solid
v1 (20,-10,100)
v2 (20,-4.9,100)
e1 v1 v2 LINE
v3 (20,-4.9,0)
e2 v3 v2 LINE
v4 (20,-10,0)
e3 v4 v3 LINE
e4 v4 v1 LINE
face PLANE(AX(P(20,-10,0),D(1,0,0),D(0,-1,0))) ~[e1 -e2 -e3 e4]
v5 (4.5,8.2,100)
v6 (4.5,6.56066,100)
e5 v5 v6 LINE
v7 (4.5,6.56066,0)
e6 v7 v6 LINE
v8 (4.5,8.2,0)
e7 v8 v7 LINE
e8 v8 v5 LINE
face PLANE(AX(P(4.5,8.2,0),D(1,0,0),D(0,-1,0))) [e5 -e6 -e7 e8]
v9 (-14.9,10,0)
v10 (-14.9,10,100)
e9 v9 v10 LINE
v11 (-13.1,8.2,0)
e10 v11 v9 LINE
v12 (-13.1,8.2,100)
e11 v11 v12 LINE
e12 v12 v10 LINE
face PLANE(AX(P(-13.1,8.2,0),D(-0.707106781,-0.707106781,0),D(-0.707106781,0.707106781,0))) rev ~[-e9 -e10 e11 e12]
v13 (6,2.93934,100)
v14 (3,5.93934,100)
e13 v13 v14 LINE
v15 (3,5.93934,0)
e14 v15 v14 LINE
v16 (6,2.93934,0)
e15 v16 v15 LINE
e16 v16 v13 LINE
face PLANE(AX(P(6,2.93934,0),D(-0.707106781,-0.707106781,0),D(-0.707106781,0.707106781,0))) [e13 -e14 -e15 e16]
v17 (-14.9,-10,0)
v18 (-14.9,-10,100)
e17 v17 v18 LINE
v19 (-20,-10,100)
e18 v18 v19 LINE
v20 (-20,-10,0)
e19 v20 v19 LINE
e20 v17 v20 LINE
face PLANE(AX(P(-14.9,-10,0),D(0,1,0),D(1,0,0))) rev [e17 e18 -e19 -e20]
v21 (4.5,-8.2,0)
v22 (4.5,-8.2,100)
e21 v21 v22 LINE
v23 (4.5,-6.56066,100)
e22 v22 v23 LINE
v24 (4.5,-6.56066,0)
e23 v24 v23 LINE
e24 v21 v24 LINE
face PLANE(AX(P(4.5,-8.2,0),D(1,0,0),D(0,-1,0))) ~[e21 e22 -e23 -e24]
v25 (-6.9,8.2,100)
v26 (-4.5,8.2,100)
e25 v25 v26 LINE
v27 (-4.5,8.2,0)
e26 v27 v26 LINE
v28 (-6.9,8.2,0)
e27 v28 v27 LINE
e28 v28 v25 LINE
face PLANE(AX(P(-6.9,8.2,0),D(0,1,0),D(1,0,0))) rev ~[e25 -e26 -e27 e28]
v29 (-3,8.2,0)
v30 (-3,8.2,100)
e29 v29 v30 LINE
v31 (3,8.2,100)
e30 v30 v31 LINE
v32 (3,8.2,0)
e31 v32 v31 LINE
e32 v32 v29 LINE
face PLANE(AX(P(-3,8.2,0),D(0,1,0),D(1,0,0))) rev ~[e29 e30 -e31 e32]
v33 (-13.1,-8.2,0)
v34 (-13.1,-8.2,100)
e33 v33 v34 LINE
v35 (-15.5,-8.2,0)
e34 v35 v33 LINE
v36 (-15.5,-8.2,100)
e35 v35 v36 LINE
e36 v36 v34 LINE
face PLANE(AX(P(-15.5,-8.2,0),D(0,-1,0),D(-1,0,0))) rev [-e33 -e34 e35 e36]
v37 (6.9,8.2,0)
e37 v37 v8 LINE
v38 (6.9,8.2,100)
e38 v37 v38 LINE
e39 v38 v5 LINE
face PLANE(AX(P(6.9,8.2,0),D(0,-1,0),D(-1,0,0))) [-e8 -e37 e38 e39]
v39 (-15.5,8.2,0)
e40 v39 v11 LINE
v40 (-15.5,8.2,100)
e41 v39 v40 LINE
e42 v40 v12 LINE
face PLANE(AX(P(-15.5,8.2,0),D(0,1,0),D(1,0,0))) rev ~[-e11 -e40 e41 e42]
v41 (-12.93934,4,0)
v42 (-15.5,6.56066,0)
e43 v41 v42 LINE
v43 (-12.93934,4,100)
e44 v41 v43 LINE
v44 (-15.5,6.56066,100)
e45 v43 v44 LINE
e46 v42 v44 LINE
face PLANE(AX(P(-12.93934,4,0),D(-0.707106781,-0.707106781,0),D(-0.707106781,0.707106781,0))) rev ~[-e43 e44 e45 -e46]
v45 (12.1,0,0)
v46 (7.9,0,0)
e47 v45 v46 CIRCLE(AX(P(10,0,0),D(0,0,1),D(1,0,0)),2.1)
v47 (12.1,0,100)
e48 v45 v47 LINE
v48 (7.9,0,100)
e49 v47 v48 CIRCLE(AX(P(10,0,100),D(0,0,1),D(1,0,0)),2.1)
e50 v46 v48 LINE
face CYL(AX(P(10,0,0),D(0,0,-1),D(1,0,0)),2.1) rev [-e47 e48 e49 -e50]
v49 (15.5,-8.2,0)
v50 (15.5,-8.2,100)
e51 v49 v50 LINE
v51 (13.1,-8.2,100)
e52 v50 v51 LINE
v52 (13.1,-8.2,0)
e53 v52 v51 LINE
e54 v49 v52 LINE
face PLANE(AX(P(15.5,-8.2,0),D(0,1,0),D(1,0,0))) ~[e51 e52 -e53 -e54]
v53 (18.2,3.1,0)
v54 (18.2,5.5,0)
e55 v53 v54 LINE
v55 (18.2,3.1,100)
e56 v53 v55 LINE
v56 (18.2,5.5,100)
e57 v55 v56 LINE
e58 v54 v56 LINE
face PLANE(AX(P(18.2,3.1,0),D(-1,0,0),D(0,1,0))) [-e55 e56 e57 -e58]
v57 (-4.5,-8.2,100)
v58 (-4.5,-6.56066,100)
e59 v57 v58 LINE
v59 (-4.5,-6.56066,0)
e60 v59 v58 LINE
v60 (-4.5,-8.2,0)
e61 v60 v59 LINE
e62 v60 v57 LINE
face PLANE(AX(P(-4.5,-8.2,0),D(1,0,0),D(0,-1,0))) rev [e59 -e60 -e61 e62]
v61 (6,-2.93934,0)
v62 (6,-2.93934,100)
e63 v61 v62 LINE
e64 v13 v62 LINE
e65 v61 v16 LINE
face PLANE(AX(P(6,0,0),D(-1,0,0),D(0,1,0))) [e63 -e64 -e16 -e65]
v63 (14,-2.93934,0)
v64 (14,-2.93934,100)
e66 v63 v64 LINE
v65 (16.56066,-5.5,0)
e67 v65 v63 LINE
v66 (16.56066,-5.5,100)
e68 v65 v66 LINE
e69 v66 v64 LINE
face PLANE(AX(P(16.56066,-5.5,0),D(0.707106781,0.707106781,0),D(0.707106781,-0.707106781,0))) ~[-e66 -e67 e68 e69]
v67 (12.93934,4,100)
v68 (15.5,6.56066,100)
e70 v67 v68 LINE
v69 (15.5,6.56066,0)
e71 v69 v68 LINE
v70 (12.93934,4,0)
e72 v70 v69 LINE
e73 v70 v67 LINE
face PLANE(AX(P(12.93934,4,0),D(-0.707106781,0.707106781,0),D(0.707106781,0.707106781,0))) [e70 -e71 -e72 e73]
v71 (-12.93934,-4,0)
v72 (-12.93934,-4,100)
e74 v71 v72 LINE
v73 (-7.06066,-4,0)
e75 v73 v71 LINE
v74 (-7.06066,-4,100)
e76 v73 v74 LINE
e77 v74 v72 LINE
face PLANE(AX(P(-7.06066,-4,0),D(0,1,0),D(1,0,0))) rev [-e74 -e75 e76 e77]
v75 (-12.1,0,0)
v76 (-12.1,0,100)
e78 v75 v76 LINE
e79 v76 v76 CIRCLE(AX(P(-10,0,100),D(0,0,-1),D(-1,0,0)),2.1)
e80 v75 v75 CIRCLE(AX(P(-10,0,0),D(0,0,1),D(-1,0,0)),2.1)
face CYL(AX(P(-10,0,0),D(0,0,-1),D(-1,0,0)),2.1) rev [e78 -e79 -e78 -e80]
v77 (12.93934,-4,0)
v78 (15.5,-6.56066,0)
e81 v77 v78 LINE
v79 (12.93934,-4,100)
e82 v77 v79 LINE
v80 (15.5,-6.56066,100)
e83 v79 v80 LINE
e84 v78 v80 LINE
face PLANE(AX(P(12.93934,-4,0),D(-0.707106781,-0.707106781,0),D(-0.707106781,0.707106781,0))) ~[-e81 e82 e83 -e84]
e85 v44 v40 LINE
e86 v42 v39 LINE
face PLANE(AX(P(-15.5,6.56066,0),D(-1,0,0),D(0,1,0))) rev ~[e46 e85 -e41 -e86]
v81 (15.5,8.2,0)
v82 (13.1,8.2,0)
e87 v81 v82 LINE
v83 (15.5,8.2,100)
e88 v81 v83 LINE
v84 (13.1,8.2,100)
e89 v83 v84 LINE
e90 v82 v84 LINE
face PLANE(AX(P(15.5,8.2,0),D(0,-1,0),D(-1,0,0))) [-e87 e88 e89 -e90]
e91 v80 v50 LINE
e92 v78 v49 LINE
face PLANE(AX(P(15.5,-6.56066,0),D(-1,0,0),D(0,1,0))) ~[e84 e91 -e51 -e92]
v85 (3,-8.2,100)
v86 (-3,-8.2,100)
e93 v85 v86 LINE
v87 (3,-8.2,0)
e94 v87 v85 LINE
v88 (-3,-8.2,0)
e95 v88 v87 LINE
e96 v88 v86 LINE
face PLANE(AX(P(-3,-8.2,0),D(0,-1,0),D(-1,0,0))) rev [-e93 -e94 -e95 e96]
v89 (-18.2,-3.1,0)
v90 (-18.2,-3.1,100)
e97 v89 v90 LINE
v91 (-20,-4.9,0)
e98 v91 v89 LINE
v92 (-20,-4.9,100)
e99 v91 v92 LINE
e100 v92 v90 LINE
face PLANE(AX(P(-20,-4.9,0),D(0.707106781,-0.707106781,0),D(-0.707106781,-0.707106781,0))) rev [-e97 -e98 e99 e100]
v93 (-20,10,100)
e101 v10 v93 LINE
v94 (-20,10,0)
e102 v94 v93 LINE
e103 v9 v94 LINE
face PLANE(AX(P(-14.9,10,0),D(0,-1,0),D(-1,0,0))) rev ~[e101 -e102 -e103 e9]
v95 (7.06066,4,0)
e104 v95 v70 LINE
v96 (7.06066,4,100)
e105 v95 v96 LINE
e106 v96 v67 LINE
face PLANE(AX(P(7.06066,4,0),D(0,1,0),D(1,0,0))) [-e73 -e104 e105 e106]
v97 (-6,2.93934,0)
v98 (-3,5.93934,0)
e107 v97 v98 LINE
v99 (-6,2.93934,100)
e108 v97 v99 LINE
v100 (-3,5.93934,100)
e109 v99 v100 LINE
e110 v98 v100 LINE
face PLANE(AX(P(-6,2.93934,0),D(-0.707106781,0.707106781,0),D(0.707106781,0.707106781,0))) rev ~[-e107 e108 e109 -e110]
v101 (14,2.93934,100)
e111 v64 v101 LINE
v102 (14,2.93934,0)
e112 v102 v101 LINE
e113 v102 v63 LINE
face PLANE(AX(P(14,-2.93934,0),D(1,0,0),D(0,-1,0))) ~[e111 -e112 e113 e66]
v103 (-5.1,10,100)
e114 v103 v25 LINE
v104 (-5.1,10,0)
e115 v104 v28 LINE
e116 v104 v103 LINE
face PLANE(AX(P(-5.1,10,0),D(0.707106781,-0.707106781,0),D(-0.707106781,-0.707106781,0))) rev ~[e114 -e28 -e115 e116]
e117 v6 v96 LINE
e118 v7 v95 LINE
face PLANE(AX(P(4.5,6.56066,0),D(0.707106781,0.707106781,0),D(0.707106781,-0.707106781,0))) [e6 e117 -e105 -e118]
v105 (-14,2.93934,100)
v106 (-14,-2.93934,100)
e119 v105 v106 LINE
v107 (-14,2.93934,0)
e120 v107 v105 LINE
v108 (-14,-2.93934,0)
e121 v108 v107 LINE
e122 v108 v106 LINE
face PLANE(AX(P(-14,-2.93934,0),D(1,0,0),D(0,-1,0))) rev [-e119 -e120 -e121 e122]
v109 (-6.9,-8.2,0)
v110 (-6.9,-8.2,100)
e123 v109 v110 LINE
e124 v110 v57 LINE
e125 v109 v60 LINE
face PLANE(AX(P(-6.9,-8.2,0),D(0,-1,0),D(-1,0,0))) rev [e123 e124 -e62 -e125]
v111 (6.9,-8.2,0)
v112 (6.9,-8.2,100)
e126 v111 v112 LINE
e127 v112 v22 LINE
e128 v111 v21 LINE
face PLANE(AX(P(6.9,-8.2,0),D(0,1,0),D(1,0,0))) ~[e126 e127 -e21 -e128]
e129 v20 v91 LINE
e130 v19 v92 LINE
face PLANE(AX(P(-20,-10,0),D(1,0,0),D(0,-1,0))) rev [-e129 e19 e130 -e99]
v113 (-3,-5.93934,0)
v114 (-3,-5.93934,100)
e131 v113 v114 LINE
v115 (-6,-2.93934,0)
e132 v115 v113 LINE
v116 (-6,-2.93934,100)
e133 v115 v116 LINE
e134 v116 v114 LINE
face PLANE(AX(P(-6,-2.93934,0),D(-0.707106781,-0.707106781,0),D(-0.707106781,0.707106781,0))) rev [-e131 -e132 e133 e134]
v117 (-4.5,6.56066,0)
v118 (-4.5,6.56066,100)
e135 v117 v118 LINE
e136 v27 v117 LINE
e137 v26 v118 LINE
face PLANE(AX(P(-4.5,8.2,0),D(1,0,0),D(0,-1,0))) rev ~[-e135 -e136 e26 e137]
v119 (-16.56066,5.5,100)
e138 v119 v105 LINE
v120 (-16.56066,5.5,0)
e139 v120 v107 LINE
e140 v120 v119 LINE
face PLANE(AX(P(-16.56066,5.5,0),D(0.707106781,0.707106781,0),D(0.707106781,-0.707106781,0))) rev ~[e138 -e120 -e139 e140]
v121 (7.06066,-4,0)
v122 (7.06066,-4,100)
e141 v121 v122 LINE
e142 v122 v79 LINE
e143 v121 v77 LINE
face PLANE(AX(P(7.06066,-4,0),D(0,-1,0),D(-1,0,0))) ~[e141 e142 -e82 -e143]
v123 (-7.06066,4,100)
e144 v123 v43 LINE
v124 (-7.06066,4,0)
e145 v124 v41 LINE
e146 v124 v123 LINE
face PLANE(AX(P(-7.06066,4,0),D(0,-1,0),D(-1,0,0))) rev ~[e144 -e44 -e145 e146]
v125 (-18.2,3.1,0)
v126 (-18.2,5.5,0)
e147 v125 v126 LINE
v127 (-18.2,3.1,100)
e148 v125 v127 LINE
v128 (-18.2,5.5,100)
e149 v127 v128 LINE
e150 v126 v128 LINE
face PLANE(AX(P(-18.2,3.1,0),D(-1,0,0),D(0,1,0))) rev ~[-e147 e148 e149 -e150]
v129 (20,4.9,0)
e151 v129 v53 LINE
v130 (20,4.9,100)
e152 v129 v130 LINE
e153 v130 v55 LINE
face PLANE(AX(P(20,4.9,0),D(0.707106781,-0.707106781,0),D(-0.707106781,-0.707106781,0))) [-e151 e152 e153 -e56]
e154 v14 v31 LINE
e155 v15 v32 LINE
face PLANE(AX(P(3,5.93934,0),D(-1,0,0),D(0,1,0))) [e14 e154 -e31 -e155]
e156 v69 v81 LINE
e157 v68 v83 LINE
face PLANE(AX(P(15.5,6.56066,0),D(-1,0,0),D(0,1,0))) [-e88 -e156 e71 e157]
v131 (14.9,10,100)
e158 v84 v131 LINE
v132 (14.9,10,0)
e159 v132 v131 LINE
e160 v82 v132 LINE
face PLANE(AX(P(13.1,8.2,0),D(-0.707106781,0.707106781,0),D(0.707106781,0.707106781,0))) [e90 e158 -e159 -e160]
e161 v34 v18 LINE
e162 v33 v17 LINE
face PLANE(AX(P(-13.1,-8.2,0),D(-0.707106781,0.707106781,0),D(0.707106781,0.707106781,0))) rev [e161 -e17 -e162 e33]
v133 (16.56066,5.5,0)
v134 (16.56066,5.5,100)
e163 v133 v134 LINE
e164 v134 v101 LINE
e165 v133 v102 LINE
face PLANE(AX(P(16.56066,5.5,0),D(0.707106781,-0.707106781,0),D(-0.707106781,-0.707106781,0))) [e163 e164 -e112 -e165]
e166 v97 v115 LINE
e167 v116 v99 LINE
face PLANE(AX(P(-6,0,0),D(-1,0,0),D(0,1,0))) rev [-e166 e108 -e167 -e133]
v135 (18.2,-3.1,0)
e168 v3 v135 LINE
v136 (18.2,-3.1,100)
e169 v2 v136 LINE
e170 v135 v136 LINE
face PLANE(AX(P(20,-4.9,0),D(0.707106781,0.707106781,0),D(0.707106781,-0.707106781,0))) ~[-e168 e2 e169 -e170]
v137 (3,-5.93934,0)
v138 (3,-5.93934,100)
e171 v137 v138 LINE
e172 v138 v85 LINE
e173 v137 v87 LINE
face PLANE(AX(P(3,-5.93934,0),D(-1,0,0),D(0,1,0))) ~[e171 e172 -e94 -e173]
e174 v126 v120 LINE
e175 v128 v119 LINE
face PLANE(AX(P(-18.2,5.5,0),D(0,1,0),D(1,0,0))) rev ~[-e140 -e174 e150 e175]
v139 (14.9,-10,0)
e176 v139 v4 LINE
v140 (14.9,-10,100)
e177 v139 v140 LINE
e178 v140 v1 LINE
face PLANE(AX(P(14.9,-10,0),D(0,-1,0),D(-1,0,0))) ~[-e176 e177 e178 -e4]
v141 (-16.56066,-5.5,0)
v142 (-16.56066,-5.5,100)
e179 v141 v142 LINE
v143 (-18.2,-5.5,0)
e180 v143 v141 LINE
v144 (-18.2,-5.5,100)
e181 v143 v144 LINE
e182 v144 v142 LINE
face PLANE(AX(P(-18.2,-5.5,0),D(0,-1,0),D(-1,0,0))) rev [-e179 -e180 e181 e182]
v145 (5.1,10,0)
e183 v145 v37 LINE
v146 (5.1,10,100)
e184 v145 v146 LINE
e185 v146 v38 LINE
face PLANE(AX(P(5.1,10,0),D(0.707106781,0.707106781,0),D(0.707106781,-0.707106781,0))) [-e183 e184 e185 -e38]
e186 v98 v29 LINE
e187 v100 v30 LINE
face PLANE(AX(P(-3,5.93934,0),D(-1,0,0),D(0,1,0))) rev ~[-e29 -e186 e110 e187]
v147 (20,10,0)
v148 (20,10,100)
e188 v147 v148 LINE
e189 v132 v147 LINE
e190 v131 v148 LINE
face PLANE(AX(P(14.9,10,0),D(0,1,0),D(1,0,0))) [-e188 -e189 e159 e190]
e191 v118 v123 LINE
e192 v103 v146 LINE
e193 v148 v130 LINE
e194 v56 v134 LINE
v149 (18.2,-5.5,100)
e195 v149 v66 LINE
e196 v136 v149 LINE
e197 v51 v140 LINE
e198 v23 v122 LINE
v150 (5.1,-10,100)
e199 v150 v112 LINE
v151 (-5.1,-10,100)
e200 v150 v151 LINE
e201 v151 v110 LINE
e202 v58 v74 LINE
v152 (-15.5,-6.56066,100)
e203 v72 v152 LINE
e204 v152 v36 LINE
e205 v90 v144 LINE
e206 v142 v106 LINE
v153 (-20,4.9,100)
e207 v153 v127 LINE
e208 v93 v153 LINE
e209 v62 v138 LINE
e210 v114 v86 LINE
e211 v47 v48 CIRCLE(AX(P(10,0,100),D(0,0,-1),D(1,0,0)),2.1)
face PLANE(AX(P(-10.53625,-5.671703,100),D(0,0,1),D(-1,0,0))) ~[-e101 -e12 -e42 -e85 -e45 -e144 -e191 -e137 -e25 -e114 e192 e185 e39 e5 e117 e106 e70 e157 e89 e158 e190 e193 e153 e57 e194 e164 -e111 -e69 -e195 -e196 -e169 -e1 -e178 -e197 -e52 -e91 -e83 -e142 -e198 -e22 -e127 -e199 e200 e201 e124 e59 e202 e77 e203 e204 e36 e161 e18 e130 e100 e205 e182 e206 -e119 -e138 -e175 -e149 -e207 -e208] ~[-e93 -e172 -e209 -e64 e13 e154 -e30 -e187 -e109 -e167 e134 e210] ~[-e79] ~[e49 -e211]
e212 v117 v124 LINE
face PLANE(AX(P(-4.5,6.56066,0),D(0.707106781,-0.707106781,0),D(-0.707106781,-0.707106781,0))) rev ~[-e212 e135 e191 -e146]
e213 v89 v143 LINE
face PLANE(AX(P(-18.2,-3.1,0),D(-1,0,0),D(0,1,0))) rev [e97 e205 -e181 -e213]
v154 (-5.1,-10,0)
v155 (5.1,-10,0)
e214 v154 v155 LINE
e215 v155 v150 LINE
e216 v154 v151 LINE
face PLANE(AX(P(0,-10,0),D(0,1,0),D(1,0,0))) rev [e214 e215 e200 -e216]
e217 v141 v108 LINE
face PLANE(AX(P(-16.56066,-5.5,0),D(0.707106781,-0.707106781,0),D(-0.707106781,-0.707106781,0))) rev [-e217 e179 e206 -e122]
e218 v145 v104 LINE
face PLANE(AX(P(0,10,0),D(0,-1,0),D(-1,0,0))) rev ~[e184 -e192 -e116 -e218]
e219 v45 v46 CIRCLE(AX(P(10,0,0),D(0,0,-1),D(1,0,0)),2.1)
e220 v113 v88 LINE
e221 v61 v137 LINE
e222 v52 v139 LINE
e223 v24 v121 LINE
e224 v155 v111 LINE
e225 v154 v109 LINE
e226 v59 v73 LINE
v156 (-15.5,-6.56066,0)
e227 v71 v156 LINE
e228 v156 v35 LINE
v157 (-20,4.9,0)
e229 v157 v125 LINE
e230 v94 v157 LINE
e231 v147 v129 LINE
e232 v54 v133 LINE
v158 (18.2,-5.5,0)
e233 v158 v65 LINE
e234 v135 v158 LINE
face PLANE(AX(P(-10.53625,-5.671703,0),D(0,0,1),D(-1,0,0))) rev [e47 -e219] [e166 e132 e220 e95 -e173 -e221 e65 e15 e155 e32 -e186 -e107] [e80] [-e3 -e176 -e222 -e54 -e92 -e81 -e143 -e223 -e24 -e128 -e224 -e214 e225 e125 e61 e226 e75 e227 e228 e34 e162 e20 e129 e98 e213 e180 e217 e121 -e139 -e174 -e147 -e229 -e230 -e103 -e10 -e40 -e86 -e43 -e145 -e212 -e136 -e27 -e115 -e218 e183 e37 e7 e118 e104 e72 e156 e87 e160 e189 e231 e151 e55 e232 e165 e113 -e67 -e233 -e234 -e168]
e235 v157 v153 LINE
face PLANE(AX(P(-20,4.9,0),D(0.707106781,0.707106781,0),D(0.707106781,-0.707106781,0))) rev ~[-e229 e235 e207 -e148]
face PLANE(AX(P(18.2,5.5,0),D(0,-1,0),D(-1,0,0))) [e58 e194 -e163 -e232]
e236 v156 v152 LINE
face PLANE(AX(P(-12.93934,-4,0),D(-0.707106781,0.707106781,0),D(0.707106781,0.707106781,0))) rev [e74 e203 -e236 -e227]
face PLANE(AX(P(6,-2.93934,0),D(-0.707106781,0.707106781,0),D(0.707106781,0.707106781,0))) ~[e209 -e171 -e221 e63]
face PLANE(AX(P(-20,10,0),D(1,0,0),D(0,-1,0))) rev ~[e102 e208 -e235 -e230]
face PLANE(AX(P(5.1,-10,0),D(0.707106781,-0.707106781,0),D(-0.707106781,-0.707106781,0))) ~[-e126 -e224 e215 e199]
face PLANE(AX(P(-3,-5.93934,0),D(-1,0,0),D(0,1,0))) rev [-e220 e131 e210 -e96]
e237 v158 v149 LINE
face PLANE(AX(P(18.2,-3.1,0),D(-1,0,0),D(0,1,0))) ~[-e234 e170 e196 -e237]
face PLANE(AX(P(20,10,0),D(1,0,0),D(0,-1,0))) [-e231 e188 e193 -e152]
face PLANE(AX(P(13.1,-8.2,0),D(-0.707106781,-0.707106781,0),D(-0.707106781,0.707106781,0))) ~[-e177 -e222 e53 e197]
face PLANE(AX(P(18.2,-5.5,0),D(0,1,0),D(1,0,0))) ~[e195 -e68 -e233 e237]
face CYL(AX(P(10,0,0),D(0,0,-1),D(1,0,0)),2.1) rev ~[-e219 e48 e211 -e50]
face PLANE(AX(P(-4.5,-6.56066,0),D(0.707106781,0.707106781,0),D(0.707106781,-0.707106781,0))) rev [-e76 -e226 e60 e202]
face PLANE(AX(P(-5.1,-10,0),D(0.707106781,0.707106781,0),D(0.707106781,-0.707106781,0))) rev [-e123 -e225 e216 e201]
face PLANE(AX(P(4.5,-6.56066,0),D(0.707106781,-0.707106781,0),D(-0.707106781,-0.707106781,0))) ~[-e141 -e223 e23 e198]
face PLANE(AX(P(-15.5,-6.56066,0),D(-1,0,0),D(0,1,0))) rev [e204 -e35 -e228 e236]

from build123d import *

# Parameters (mm, degrees)
PAD_DEPTH            = 100
PAD_MIRRORED_2_DEPTH = 100


with BuildPart() as part:
    # Sketch → Pad (new body)
    with BuildSketch(Plane.XY):
        with BuildLine():
            Line((0, 10), (5.1, 10))
            Line((5.1, 10), (6.9, 8.2))
            Line((6.9, 8.2), (4.5, 8.2))
            Line((4.5, 8.2), (4.5, 6.56066))
            Line((4.5, 6.56066), (7.06066, 4))
            Line((7.06066, 4), (12.93934, 4))
            Line((12.93934, 4), (15.5, 6.56066))
            Line((15.5, 6.56066), (15.5, 8.2))
            Line((15.5, 8.2), (13.1, 8.2))
            Line((13.1, 8.2), (14.9, 10))
            Line((14.9, 10), (20, 10))
            Line((20, 10), (20, 4.9))
            Line((20, 4.9), (18.2, 3.1))
            Line((18.2, 3.1), (18.2, 5.5))
            Line((18.2, 5.5), (16.56066, 5.5))
            Line((16.56066, 5.5), (14, 2.93934))
            Line((14, 2.93934), (14, 0))
            Line((14, 0), (12.1, 0))
            ThreePointArc((12.1, 0), (10, 2.1), (7.9, 0))
            Line((7.9, 0), (6, 0))
            Line((6, 0), (6, 2.93934))
            Line((6, 2.93934), (3, 5.93934))
            Line((3, 5.93934), (3, 8.2))
            Line((3, 8.2), (0, 8.2))
            Line((0, 10), (0, 8.2))
        make_face()
    pad = extrude(amount=PAD_DEPTH)

    # Sketch Mirrored 2 → Pad Mirrored 2 (add)
    with BuildSketch(Plane(origin=(0, 0, 0), x_dir=(-1, 0, 0), z_dir=(0, 0, -1))):
        with BuildLine():
            Line((0, 10), (5.1, 10))
            Line((5.1, 10), (6.9, 8.2))
            Line((6.9, 8.2), (4.5, 8.2))
            Line((4.5, 8.2), (4.5, 6.56066))
            Line((4.5, 6.56066), (7.06066, 4))
            Line((7.06066, 4), (12.93934, 4))
            Line((12.93934, 4), (15.5, 6.56066))
            Line((15.5, 6.56066), (15.5, 8.2))
            Line((15.5, 8.2), (13.1, 8.2))
            Line((13.1, 8.2), (14.9, 10))
            Line((14.9, 10), (20, 10))
            Line((20, 10), (20, 4.9))
            Line((20, 4.9), (18.2, 3.1))
            Line((18.2, 3.1), (18.2, 5.5))
            Line((18.2, 5.5), (16.56066, 5.5))
            Line((16.56066, 5.5), (14, 2.93934))
            Line((14, 2.93934), (14, 0))
            Line((14, 0), (12.1, 0))
            ThreePointArc((12.1, 0), (10, 2.1), (7.9, 0))
            Line((7.9, 0), (6, 0))
            Line((6, 0), (6, 2.93934))
            Line((6, 2.93934), (3, 5.93934))
            Line((3, 5.93934), (3, 8.2))
            Line((3, 8.2), (0, 8.2))
            Line((0, 10), (0, 8.2))
        make_face()
    pad_mirrored_2 = extrude(amount=-PAD_MIRRORED_2_DEPTH)

    # Mirrored001: Pad, Pad Mirrored 2 across Sketch H_Axis
    add(pad.mirror(Plane.ZX))
    add(pad_mirrored_2.mirror(Plane.ZX))


solid = part.part
